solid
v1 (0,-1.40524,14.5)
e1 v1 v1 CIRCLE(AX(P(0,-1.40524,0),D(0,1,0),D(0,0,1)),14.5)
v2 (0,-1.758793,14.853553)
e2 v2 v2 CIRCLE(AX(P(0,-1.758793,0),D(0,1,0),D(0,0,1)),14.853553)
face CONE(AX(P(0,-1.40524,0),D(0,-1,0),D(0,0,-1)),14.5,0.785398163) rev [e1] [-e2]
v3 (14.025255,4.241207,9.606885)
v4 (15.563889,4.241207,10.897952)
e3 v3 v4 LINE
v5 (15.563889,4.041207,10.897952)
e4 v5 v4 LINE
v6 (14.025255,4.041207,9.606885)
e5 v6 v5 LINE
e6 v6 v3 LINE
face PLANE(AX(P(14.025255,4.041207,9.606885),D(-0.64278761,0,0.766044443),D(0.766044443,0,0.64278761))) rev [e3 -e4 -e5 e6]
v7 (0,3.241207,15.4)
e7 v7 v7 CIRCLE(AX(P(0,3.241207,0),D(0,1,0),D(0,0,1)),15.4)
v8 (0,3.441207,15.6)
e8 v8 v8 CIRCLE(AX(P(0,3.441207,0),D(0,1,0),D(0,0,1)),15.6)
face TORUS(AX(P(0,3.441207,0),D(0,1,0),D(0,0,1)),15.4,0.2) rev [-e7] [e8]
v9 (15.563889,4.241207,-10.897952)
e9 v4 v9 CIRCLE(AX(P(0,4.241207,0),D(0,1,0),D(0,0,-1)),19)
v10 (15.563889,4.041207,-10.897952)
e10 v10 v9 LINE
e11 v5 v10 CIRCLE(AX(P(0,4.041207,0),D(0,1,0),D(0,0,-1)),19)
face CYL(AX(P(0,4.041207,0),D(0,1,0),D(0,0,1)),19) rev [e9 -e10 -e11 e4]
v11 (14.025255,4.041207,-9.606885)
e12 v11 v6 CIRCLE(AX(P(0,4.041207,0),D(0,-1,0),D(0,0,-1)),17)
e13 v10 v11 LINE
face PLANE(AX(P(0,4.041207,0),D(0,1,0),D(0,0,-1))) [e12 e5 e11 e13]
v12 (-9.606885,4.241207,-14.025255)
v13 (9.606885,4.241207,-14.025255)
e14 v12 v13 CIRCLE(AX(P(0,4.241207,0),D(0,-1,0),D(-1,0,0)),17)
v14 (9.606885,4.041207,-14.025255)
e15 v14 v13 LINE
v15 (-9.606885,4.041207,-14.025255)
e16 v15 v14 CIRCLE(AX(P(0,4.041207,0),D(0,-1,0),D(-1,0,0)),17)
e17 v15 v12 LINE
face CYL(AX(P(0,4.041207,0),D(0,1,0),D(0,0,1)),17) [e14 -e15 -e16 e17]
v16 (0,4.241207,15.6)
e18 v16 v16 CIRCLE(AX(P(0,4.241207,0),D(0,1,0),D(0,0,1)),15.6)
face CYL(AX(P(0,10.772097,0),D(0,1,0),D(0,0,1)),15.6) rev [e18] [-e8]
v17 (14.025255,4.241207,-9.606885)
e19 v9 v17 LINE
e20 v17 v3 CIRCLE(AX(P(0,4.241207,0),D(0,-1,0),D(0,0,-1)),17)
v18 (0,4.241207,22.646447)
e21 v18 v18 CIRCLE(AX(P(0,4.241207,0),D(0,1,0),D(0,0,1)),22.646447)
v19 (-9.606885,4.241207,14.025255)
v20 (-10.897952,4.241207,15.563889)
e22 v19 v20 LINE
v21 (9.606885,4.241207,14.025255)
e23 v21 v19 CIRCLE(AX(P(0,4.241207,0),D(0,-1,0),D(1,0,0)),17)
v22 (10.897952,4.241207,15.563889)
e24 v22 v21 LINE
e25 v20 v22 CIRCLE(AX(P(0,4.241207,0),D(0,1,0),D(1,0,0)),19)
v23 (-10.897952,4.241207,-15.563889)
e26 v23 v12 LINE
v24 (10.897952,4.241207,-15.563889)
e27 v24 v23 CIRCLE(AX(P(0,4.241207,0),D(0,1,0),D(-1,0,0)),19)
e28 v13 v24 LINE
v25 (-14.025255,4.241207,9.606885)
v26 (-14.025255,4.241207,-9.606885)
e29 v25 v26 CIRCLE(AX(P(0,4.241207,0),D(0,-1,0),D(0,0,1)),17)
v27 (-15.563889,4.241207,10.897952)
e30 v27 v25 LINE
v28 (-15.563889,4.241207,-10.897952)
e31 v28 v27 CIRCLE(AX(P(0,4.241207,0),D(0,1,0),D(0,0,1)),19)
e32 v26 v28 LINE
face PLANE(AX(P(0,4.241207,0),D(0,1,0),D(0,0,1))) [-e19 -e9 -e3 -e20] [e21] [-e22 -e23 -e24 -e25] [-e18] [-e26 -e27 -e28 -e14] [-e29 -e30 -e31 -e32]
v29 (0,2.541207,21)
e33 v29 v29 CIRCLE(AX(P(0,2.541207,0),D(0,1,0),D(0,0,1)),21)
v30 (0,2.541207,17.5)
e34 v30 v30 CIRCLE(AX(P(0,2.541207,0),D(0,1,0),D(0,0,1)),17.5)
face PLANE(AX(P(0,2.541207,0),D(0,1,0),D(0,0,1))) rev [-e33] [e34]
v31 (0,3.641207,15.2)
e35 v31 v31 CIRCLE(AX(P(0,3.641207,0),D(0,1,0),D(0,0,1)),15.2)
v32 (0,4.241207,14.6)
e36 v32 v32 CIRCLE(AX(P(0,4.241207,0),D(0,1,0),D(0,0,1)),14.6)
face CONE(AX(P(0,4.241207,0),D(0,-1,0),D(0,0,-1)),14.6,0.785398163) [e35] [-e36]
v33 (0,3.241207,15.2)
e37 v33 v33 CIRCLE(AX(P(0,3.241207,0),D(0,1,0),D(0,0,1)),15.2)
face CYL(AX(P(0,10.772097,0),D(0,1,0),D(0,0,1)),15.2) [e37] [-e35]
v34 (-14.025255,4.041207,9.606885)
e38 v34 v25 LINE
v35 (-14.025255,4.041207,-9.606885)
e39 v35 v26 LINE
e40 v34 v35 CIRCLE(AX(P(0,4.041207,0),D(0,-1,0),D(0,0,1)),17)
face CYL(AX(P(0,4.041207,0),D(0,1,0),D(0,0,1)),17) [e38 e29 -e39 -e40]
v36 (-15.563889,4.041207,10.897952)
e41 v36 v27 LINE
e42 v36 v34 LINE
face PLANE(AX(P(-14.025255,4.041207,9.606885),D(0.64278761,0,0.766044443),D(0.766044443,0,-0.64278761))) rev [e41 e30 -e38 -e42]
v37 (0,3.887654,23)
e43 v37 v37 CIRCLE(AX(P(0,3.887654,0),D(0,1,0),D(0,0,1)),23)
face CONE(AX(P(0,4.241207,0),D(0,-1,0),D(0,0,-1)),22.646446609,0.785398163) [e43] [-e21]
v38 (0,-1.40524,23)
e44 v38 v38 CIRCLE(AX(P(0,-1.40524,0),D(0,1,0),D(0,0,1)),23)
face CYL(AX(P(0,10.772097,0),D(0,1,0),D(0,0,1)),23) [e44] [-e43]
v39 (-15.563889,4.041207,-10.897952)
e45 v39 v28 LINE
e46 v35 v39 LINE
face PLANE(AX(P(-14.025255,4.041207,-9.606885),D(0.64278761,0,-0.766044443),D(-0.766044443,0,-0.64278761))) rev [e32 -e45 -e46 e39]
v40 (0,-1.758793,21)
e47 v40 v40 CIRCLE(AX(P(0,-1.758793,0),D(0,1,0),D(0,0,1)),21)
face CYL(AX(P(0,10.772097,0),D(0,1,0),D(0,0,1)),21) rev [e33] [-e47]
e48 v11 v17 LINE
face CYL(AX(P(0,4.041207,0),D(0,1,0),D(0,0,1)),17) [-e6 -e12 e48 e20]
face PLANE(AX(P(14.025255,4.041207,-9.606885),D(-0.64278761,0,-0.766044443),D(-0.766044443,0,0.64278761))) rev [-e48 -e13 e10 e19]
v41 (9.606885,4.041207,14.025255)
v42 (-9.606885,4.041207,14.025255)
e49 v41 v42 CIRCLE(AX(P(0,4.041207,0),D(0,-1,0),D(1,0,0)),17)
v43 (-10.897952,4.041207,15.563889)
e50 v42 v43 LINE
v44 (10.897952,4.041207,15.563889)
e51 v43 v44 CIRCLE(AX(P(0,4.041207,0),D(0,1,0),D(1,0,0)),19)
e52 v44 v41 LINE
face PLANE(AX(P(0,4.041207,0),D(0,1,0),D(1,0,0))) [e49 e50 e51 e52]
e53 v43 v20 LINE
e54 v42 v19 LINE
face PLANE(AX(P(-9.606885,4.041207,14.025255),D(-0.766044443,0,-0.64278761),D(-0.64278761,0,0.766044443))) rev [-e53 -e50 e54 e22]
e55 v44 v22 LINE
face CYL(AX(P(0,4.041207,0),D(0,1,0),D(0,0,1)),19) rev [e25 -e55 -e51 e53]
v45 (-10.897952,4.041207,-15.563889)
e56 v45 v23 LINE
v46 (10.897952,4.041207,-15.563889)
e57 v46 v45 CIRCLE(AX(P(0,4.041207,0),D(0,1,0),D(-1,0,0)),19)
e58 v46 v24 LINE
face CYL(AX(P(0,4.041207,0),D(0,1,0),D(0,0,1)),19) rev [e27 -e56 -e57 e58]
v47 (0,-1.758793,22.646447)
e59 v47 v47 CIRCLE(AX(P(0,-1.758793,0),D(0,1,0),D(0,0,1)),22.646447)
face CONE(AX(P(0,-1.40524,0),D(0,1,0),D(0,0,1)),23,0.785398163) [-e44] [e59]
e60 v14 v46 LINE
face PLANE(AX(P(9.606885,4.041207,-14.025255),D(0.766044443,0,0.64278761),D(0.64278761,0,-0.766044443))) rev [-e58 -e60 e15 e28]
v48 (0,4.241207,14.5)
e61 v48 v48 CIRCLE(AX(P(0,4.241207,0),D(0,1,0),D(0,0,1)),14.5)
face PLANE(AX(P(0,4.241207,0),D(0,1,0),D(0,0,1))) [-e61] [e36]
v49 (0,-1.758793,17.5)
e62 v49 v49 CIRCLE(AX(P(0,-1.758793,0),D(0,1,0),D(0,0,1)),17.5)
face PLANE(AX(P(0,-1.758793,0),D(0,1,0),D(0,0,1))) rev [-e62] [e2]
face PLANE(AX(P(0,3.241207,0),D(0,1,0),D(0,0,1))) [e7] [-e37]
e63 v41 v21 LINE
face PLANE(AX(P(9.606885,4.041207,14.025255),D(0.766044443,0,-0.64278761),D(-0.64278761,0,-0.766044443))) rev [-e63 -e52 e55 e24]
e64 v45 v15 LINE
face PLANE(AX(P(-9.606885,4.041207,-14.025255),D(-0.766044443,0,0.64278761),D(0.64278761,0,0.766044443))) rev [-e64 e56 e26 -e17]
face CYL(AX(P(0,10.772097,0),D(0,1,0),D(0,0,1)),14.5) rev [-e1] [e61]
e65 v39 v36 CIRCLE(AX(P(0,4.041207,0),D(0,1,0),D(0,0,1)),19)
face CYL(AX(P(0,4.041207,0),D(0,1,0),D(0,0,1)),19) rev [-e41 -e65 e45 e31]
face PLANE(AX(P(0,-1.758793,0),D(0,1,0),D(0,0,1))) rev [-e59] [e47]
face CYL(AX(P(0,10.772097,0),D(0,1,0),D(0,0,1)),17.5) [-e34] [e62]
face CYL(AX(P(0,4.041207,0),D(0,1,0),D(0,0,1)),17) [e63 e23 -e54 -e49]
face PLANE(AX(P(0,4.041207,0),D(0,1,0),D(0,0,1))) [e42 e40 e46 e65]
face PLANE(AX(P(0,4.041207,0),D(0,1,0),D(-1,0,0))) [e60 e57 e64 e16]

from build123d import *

# Parameters (mm, degrees)
CUT_EXTRUDE1_DEPTH = 0.2
CIRPATTERN1_COUNT  = 4


with BuildPart() as part:
    # Sketch1 → Revolve1 (revolve)
    with BuildSketch(Plane.XY):
        with BuildLine():
            ThreePointArc((15.4, 3.241206918), (15.541421356, 3.299785562), (15.6, 3.441206918))
            Line((15.6, 3.441206918), (15.6, 4.241206918))
            Line((15.6, 4.241206918), (22.646446609, 4.241206918))
            Line((22.646446609, 4.241206918), (23, 3.887653527))
            Line((23, 3.887653527), (23, -1.405239692))
            Line((23, -1.405239692), (22.646446609, -1.758793082))
            Line((22.646446609, -1.758793082), (21, -1.758793082))
            Line((21, -1.758793082), (21, 2.541206918))
            Line((21, 2.541206918), (17.5, 2.541206918))
            Line((17.5, 2.541206918), (17.5, -1.758793082))
            Line((17.5, -1.758793082), (14.853553391, -1.758793082))
            Line((14.853553391, -1.758793082), (14.5, -1.405239692))
            Line((14.5, -1.405239692), (14.5, 3.887653527))
            Line((14.5, 3.887653527), (14.5, 4.241206918))
            Line((14.5, 4.241206918), (14.6, 4.241206918))
            Line((14.6, 4.241206918), (15.2, 3.641206918))
            Line((15.2, 3.641206918), (15.2, 3.241206918))
            Line((15.2, 3.241206918), (15.4, 3.241206918))
        make_face()
    revolve(axis=Axis((0, 10.772096588, 0), (0, -1, 0)))

    # Sketch2 → Cut-Extrude1 (cut)
    with BuildSketch(Plane(origin=(0, 4.241206918, 0), x_dir=(1, 0, 0), z_dir=(0, 1, 0))):
        with BuildLine():
            Line((-14.025254522, -9.606884801), (-15.563888841, -10.897952291))
            ThreePointArc((-15.563888841, -10.897952291), (-19, 0), (-15.563888841, 10.897952291))
            Line((-15.563888841, 10.897952291), (-14.025254522, 9.606884801))
            ThreePointArc((-14.025254522, 9.606884801), (-17, 0), (-14.025254522, -9.606884801))
        make_face()
    cut_extrude1 = extrude(amount=-CUT_EXTRUDE1_DEPTH, mode=Mode.SUBTRACT)

    # CirPattern1: Cut-Extrude1 ×4 about axis
    cirpattern1_axis = Axis((0, 0, 0), (0, 1, 0))
    for i in range(1, CIRPATTERN1_COUNT):
        add(cut_extrude1.rotate(cirpattern1_axis, i * 360 / CIRPATTERN1_COUNT), mode=Mode.SUBTRACT)


solid = part.part
